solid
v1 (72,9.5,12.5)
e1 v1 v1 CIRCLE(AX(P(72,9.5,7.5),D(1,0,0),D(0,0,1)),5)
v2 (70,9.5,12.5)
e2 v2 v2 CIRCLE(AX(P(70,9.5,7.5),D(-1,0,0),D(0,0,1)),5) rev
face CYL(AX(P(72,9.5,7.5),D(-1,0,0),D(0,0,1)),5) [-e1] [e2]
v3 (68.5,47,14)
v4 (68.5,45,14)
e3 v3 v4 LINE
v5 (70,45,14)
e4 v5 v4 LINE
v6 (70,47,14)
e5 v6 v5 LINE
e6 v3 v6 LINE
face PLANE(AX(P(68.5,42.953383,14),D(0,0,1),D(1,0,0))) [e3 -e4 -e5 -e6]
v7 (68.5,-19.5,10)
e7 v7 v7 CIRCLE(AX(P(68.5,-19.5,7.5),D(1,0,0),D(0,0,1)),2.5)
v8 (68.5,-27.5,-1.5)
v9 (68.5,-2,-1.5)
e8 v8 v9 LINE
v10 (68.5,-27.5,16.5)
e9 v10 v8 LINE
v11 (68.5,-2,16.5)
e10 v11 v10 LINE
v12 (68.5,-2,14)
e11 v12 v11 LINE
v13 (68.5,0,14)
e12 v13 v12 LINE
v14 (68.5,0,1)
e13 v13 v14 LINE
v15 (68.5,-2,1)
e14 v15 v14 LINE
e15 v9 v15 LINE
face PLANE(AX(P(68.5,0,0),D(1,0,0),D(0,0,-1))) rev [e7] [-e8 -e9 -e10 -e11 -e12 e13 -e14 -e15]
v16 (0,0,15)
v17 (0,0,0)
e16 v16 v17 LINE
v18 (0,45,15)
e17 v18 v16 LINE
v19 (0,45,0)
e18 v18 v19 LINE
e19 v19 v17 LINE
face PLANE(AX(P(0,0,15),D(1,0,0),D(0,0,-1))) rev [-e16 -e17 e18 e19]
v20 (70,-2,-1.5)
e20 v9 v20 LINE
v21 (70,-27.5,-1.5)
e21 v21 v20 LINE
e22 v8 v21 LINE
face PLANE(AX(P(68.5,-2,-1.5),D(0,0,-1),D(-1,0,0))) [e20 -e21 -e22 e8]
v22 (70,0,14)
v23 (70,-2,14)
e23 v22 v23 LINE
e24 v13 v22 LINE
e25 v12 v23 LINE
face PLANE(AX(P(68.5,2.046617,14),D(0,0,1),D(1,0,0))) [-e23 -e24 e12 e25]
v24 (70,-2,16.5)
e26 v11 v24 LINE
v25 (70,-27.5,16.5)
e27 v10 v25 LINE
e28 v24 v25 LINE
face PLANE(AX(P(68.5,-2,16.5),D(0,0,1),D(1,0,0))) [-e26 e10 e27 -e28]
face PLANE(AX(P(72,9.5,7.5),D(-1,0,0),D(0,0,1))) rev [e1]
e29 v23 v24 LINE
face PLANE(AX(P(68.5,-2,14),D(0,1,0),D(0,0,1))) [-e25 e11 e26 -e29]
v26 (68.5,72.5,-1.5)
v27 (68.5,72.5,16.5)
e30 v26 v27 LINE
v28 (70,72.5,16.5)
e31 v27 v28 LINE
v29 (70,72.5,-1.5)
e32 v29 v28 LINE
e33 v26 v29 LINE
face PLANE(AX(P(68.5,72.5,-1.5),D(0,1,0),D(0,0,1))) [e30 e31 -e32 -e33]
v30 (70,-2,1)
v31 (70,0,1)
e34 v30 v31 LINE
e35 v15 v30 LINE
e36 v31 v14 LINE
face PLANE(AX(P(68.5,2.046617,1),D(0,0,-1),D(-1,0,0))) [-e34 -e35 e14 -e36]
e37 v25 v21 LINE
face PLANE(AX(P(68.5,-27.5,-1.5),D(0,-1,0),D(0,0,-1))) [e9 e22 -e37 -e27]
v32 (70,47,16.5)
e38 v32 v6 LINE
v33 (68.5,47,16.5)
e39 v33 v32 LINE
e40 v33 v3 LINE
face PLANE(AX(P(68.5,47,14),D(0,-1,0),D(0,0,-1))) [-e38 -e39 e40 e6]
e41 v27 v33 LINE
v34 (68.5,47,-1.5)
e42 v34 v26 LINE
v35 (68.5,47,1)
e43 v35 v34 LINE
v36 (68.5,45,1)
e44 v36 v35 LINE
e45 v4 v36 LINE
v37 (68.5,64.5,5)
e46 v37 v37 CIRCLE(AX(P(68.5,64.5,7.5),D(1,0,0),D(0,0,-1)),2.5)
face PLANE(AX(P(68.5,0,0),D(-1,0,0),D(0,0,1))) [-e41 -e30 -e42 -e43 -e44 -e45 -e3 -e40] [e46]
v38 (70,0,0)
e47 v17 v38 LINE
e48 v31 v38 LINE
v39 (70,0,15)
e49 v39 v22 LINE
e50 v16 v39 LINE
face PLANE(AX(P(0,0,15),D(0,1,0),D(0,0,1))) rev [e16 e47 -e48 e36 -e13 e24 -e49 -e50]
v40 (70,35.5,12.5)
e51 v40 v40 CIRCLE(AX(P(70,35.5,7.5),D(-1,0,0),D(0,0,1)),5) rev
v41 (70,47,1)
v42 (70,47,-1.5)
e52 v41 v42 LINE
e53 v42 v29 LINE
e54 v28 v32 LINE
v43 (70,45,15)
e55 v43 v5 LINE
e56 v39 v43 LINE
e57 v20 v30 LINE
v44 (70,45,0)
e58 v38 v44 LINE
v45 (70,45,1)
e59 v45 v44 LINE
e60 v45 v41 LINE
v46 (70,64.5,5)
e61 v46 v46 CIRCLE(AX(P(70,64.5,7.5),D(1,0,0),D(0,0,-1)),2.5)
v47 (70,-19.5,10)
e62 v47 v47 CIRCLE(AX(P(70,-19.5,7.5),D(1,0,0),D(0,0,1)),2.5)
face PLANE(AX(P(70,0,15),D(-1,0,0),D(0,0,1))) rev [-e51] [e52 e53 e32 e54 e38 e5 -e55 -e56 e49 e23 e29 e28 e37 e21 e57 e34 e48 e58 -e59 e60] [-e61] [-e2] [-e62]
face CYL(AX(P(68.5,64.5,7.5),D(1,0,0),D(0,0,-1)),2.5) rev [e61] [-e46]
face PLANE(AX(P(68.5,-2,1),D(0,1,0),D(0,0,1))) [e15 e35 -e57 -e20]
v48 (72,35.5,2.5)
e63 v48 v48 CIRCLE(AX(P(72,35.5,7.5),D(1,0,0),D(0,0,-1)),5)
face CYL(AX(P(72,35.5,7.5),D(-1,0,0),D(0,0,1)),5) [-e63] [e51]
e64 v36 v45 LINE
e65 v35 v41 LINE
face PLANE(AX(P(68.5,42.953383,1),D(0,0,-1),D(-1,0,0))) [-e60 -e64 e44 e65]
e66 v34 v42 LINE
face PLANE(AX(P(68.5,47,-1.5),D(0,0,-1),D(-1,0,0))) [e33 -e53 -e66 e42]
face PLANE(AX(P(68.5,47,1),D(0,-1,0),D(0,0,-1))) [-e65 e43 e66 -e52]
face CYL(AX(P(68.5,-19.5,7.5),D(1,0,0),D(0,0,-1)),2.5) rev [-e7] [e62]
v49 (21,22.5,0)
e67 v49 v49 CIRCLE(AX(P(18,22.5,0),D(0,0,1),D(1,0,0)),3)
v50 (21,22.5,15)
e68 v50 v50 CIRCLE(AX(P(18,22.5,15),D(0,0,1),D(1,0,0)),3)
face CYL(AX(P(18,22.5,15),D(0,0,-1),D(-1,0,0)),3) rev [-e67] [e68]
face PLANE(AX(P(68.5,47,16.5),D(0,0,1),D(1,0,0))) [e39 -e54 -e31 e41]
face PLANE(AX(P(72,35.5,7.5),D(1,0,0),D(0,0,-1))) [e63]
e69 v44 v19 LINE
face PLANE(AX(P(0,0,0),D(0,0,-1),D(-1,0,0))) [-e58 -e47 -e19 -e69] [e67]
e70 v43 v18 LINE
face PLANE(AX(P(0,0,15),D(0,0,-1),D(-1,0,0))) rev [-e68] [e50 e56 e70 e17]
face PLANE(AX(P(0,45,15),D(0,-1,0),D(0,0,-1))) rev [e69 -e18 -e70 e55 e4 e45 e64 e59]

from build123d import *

# Parameters (mm, degrees)
SKETCH1_W           = 70
SKETCH1_H           = 45
SKETCH1_R           = 3
BOSS_EXTRUDE1_DEPTH = 15
SKETCH2_R           = 2.5
BOSS_EXTRUDE2_DEPTH = 1.5
SKETCH3_R           = 5
BOSS_EXTRUDE3_DEPTH = 2


with BuildPart() as part:
    # Sketch1 → Boss-Extrude1 (new body)
    with BuildSketch(Plane.XY):
        with Locations((35, 22.5)):
            Rectangle(SKETCH1_W, SKETCH1_H)
        with Locations((18, 22.5)):
            Circle(SKETCH1_R, mode=Mode.SUBTRACT)
    extrude(amount=BOSS_EXTRUDE1_DEPTH)

    # Sketch2 → Boss-Extrude2 (add)
    with BuildSketch(Plane(origin=(70, 0, 0), x_dir=(0, 0, -1), z_dir=(1, 0, 0))):
        Polygon((-1, 42.953382973), (-1, 47), (1.5, 47), (1.5, 72.5), (-16.5, 72.5), (-16.5, 47), (-14, 47), (-14, 42.953382973), align=None)
        with Locations((-7.5, 64.5)):
            Circle(SKETCH2_R, mode=Mode.SUBTRACT)
        Polygon((-14, 2.046617027), (-14, -2), (-16.5, -2), (-16.5, -27.5), (1.5, -27.5), (1.5, -2), (-1, -2), (-1, 2.046617027), align=None)
        with Locations((-7.5, -19.5)):
            Circle(SKETCH2_R, mode=Mode.SUBTRACT)
    extrude(amount=-BOSS_EXTRUDE2_DEPTH)

    # Sketch3 → Boss-Extrude3 (add)
    with BuildSketch(Plane(origin=(70, 0, 0), x_dir=(0, 0, -1), z_dir=(1, 0, 0))):
        with Locations((-7.5, 35.5)):
            Circle(SKETCH3_R)
        with Locations((-7.5, 9.5)):
            Circle(SKETCH3_R)
    extrude(amount=BOSS_EXTRUDE3_DEPTH)


solid = part.part
